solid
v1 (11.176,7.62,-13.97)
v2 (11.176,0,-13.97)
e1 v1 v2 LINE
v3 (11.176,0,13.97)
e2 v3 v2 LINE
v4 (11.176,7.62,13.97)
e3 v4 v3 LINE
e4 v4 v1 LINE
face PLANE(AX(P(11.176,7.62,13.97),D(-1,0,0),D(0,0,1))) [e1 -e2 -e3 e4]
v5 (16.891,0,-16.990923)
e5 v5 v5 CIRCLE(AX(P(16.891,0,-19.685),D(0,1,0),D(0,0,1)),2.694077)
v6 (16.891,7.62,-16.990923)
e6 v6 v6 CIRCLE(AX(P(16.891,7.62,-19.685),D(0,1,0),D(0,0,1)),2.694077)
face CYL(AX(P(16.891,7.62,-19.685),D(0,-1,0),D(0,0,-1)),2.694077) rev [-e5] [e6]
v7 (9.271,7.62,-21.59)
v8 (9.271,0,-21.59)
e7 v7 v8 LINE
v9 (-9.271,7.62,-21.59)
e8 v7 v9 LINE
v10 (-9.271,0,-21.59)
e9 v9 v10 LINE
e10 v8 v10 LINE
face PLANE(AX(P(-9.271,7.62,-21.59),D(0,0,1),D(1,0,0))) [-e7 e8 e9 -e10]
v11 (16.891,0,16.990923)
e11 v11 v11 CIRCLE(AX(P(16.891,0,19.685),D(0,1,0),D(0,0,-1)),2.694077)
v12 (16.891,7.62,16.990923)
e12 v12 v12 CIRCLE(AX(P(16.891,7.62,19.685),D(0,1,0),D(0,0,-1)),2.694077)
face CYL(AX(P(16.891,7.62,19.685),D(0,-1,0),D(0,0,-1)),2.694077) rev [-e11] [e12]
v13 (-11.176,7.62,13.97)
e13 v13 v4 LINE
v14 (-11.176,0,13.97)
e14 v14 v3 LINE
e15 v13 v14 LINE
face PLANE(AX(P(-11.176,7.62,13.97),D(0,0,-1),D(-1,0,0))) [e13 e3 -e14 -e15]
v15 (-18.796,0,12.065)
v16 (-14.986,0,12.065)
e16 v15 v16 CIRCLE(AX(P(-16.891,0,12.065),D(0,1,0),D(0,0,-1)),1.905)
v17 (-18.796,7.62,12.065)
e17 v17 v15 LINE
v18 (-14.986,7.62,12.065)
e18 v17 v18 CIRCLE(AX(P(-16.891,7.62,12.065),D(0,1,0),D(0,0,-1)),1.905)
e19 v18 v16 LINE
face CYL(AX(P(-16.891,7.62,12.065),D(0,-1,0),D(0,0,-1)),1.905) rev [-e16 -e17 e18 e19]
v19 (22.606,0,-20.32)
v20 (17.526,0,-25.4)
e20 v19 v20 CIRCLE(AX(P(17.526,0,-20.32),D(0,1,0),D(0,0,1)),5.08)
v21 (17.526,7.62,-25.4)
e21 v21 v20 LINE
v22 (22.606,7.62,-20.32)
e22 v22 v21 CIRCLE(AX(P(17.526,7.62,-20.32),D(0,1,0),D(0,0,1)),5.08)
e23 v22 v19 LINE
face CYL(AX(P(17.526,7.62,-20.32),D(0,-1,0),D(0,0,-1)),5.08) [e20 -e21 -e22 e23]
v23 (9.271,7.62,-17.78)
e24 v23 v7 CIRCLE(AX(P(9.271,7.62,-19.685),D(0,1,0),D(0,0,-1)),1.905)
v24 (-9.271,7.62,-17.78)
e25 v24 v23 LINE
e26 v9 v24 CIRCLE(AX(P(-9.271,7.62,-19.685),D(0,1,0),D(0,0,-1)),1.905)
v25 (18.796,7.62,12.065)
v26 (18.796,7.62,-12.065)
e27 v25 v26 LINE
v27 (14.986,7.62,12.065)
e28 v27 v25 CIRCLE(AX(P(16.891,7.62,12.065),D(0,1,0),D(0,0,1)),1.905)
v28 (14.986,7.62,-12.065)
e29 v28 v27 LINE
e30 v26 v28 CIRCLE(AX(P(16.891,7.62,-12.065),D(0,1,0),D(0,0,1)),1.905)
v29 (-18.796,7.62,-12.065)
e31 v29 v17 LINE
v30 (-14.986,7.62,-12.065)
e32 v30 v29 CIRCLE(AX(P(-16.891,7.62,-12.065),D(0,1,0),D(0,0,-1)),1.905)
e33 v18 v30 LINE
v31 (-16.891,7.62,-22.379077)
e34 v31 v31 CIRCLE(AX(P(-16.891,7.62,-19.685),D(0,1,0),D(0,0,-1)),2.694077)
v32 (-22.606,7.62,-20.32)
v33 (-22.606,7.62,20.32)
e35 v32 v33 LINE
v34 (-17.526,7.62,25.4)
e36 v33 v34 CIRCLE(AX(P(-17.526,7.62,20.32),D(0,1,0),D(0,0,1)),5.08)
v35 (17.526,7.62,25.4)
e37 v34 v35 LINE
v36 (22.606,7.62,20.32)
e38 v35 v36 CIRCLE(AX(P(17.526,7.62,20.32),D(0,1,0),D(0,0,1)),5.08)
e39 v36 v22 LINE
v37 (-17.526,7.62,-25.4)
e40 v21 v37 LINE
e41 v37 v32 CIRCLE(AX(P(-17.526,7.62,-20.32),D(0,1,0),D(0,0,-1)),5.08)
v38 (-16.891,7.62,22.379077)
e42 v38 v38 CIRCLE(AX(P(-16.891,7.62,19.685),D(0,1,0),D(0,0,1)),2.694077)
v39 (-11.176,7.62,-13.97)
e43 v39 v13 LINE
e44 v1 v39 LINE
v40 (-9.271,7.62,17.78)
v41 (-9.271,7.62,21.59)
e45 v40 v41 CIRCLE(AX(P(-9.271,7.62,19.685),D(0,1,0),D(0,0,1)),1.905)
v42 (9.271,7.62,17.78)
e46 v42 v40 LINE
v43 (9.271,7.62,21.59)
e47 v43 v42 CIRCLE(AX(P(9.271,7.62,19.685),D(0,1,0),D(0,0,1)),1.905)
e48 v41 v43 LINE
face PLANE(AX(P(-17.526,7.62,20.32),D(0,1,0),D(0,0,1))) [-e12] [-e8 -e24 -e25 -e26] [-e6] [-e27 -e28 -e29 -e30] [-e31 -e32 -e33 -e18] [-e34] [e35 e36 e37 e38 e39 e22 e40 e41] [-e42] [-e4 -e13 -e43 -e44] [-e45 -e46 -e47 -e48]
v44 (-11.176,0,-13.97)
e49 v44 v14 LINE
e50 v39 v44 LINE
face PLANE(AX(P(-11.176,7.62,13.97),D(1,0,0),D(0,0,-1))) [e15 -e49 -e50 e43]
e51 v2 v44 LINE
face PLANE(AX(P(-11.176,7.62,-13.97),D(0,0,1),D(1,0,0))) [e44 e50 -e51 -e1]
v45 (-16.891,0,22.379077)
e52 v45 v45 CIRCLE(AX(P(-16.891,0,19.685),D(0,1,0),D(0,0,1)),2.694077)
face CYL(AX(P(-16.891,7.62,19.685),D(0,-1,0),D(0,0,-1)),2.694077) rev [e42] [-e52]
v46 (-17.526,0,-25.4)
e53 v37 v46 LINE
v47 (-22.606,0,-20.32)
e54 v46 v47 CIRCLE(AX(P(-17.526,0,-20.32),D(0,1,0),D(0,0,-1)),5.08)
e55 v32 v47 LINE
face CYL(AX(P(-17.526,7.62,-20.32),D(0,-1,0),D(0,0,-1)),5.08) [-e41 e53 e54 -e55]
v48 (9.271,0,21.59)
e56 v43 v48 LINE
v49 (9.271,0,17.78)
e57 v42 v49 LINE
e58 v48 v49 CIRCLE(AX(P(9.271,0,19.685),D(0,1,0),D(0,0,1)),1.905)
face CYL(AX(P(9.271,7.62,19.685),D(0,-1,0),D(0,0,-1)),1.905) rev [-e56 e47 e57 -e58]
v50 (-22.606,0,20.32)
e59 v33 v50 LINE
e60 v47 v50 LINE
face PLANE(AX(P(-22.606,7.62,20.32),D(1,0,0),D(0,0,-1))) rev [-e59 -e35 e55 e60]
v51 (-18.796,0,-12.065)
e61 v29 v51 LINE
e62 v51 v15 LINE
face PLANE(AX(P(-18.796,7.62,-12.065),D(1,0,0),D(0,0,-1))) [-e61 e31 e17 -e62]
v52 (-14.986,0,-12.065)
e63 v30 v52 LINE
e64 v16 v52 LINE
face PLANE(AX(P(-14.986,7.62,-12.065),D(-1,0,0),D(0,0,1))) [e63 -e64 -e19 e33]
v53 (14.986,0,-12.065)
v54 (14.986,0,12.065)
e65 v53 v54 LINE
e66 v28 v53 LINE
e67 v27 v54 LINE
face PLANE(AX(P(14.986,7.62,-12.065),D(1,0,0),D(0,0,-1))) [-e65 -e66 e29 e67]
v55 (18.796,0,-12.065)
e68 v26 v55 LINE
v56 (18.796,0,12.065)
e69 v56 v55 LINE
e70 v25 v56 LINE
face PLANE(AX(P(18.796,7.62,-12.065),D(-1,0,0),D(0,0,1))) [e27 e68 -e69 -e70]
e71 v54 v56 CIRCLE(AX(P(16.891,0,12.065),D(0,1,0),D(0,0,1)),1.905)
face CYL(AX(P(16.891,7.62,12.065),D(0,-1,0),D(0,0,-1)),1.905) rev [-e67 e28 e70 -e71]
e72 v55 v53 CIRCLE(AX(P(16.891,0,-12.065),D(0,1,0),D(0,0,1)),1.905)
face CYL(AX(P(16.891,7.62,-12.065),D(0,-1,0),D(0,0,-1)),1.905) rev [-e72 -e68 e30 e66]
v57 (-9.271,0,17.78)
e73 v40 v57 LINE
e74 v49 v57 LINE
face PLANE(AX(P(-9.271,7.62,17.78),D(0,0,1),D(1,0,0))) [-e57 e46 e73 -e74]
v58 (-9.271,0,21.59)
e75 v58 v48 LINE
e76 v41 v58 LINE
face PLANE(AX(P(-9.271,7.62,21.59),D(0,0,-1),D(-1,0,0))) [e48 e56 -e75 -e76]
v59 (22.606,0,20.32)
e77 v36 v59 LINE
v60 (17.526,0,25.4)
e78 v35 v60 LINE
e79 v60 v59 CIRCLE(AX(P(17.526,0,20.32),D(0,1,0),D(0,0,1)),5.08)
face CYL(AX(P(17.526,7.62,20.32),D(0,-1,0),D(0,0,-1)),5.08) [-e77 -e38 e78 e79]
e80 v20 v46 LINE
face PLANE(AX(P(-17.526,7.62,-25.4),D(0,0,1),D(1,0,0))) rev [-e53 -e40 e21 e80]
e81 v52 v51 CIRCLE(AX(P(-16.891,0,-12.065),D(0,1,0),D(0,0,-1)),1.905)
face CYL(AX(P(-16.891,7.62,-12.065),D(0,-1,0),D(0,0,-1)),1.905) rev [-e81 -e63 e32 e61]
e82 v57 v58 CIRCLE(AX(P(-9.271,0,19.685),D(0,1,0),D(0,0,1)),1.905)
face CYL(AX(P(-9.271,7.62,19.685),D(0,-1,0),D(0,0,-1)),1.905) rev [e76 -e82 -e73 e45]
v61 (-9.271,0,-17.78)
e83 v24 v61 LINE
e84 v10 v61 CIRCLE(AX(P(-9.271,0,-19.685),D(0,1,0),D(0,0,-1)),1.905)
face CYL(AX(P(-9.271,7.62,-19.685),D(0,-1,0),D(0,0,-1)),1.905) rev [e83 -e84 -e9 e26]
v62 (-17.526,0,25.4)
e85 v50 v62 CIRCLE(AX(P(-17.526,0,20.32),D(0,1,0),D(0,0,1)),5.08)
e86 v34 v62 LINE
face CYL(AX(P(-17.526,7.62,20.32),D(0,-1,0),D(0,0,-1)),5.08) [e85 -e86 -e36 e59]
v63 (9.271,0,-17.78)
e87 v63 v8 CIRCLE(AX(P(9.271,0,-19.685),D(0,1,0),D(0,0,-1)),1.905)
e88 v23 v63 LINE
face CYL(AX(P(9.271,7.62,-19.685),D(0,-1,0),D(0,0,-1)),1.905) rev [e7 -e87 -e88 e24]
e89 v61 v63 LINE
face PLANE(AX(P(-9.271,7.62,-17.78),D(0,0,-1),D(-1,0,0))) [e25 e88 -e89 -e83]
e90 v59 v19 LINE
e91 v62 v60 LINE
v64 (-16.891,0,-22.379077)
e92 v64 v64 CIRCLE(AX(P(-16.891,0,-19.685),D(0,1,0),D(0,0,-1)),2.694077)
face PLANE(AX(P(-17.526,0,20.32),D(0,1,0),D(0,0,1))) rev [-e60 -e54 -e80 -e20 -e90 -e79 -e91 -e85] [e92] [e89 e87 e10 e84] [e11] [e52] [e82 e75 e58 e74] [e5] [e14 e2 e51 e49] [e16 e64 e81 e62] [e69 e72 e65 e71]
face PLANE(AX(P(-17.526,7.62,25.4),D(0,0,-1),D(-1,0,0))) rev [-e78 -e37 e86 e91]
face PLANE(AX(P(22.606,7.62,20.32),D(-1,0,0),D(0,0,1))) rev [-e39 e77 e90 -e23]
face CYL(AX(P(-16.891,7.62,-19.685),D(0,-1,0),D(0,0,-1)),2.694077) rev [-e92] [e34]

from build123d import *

# Parameters (mm, degrees)
SKETCH1_R           = 2.694076836
SKETCH1_W           = 22.352
SKETCH1_H           = 27.94
BOSS_EXTRUDE1_DEPTH = 7.62


with BuildPart() as part:
    # Sketch1 → Boss-Extrude1 (new body)
    with BuildSketch(Plane(origin=(0, 0, 0), x_dir=(1, 0, 0), z_dir=(0, 1, 0))):
        with BuildLine():
            Line((-22.606, -20.32), (-22.606, 20.32))
            ThreePointArc((-22.606, 20.32), (-21.118102448, 23.912102448), (-17.526, 25.4))
            Line((-17.526, 25.4), (17.526, 25.4))
            ThreePointArc((17.526, 25.4), (21.118102448, 23.912102448), (22.606, 20.32))
            Line((22.606, 20.32), (22.606, -20.32))
            ThreePointArc((22.606, -20.32), (21.118102448, -23.912102448), (17.526, -25.4))
            Line((17.526, -25.4), (-17.526, -25.4))
            ThreePointArc((-17.526, -25.4), (-21.118102448, -23.912102448), (-22.606, -20.32))
        make_face()
        with Locations((16.891, 19.685)):
            Circle(SKETCH1_R, mode=Mode.SUBTRACT)
        with Locations((16.891, -19.685)):
            Circle(SKETCH1_R, mode=Mode.SUBTRACT)
        with Locations((-16.891, -19.685)):
            Circle(SKETCH1_R, mode=Mode.SUBTRACT)
        with Locations((-16.891, 19.685)):
            Circle(SKETCH1_R, mode=Mode.SUBTRACT)
        Rectangle(SKETCH1_W, SKETCH1_H, mode=Mode.SUBTRACT)
        with BuildLine():
            Line((18.796, 12.065), (18.796, -12.065))
            ThreePointArc((18.796, -12.065), (16.891, -13.97), (14.986, -12.065))
            Line((14.986, -12.065), (14.986, 12.065))
            ThreePointArc((14.986, 12.065), (16.891, 13.97), (18.796, 12.065))
        make_face(mode=Mode.SUBTRACT)
        with BuildLine():
            Line((-9.271, -17.78), (9.271, -17.78))
            ThreePointArc((9.271, -17.78), (11.176, -19.685), (9.271, -21.59))
            Line((9.271, -21.59), (-9.271, -21.59))
            ThreePointArc((-9.271, -21.59), (-11.176, -19.685), (-9.271, -17.78))
        make_face(mode=Mode.SUBTRACT)
        with BuildLine():
            Line((-9.271, 17.78), (9.271, 17.78))
            ThreePointArc((9.271, 17.78), (11.176, 19.685), (9.271, 21.59))
            Line((9.271, 21.59), (-9.271, 21.59))
            ThreePointArc((-9.271, 21.59), (-11.176, 19.685), (-9.271, 17.78))
        make_face(mode=Mode.SUBTRACT)
        with BuildLine():
            Line((-18.796, 12.065), (-18.796, -12.065))
            ThreePointArc((-18.796, -12.065), (-16.891, -13.97), (-14.986, -12.065))
            Line((-14.986, -12.065), (-14.986, 12.065))
            ThreePointArc((-14.986, 12.065), (-16.891, 13.97), (-18.796, 12.065))
        make_face(mode=Mode.SUBTRACT)
    extrude(amount=BOSS_EXTRUDE1_DEPTH)


solid = part.part
